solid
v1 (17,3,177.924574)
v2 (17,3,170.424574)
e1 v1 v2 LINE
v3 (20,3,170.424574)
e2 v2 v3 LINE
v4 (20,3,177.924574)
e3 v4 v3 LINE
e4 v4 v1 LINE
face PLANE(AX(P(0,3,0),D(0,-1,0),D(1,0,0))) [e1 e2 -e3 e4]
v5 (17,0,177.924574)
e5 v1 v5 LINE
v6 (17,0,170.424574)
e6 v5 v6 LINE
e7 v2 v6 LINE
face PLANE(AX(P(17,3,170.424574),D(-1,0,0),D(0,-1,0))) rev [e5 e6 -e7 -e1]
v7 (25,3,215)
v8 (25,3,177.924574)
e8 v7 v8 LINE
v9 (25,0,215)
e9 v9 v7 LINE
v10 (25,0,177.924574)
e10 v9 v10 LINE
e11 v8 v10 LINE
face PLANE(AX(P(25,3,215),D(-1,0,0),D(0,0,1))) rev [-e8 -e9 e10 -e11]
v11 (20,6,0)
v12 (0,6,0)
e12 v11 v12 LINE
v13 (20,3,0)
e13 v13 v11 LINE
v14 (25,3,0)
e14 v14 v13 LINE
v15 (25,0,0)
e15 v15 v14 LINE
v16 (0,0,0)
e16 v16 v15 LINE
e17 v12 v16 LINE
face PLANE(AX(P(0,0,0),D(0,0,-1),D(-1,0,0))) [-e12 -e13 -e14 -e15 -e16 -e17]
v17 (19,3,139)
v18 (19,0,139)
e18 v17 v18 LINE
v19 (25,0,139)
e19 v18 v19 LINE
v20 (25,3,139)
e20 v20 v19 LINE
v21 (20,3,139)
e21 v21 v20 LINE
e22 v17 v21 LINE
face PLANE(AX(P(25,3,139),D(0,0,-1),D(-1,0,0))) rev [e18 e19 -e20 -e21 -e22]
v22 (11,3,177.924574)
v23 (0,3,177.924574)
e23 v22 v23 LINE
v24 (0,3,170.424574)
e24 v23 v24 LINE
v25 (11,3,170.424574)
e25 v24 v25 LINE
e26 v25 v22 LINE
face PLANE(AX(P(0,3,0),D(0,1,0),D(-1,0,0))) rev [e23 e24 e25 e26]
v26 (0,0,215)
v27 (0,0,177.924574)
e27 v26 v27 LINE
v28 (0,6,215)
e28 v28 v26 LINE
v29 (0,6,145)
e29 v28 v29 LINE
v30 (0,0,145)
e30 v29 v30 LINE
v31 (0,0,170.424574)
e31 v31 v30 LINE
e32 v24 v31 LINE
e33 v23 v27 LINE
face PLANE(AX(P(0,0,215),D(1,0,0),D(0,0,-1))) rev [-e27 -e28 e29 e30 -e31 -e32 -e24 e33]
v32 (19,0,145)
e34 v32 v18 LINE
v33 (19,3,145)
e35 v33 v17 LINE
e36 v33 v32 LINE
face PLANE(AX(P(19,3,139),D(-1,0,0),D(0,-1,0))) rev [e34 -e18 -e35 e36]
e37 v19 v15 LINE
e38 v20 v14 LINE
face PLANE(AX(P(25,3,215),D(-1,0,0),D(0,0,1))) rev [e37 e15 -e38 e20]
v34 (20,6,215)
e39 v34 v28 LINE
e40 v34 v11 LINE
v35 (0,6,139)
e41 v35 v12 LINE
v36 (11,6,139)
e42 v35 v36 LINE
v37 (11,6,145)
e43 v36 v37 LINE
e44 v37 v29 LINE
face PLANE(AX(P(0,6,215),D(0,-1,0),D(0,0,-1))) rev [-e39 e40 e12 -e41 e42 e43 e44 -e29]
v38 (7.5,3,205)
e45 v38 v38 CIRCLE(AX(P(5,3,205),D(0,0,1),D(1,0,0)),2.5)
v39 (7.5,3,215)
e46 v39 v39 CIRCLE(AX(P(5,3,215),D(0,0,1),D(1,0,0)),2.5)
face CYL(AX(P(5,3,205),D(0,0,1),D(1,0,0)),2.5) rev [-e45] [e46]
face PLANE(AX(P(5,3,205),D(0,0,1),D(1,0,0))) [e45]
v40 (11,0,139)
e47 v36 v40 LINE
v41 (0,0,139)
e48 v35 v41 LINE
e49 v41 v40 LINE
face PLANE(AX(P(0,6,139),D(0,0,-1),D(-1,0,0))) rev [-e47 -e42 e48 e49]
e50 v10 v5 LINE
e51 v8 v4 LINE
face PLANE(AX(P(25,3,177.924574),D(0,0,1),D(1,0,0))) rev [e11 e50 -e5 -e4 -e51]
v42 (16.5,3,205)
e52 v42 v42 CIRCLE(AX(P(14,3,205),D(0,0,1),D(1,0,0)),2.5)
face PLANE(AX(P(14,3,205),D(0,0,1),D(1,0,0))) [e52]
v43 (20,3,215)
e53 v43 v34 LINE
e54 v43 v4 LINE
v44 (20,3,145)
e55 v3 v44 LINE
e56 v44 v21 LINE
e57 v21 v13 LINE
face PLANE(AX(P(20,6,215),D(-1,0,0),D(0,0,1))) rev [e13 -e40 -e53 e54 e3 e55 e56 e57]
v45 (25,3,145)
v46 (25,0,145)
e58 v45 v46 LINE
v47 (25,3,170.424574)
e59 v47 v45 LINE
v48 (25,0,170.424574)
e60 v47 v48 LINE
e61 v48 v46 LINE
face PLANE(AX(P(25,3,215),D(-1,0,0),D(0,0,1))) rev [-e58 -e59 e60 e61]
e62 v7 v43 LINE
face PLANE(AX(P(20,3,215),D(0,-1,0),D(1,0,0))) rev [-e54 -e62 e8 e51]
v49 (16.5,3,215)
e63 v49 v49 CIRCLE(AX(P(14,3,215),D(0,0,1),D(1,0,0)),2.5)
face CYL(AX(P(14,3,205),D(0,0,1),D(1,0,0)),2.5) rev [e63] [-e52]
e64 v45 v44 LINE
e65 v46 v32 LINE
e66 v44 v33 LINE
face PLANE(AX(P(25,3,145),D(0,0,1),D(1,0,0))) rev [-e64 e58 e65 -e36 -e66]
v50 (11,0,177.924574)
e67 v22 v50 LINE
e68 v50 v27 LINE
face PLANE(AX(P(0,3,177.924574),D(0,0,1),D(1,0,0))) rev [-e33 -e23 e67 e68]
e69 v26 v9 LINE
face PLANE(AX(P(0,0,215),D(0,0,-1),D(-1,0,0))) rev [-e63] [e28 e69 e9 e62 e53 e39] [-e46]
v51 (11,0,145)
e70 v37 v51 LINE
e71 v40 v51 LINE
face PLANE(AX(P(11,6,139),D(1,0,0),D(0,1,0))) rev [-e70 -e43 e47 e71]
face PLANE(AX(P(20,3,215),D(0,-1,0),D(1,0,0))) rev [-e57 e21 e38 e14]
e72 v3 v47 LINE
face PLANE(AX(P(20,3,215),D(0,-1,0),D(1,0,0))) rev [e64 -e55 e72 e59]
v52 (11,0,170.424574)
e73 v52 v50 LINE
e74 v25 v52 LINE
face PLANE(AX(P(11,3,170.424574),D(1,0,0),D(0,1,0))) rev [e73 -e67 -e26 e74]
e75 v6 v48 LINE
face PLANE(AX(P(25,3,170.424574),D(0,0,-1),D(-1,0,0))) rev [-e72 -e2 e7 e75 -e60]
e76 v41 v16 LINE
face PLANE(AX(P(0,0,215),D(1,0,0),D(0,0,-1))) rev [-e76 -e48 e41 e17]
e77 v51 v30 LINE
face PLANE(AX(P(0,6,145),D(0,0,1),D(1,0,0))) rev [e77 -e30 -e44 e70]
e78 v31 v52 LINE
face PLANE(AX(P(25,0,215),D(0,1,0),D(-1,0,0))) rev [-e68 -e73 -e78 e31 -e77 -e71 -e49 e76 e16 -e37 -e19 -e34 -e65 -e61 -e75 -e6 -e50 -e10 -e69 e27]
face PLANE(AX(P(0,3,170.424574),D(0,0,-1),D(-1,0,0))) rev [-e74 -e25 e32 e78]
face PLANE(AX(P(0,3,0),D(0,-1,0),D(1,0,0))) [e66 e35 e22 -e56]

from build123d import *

# Parameters (mm, degrees)
BOSS_EXTRU_1_DEPTH         = 215
ESQUISSE3_W                = 8
ESQUISSE3_H                = 7.5
ESQUISSE3_W_2              = 11
ENL_V_MAT_EXTRU_1_DEPTH    = 3
ESQUISSE4_W                = 11
ESQUISSE4_H                = 6
ENL_V_MAT_EXTRU_2_DEPTH    = 217.531752868
ESQUISSE5_W                = 6
ESQUISSE5_H                = 6
ENL_V_MAT_EXTRU_3_DEPTH    = 3
ESQUISSE8_R                = 2.5
ENL_V_MAT_EXTRU_4_DEPTH    = 10
R_P_TITION_LIN_AIRE1_COUNT = 2
R_P_TITION_LIN_AIRE1_PITCH = 9


with BuildPart() as part:
    # Esquisse1 → Boss.-Extru.1 (new body)
    with BuildSketch(Plane.XY):
        Polygon((0, 0), (0, 6), (20, 6), (20, 3), (25, 3), (25, 0), align=None)
    extrude(amount=BOSS_EXTRU_1_DEPTH)

    # Esquisse3 → Enlèv. mat.-Extru.1 (cut)
    with BuildSketch(Plane.XZ):
        with Locations((21, 174.174574215)):
            Rectangle(ESQUISSE3_W, ESQUISSE3_H)
        with Locations((5.5, 174.174574215)):
            Rectangle(ESQUISSE3_W_2, ESQUISSE3_H)
    extrude(amount=-ENL_V_MAT_EXTRU_1_DEPTH, mode=Mode.SUBTRACT)

    # Esquisse4 → Enlèv. mat.-Extru.2 (cut, through all)
    with BuildSketch(Plane.XZ):
        with Locations((5.5, 142)):
            Rectangle(ESQUISSE4_W, ESQUISSE4_H)
    extrude(amount=-ENL_V_MAT_EXTRU_2_DEPTH, mode=Mode.SUBTRACT)

    # Esquisse5 → Enlèv. mat.-Extru.3 (cut)
    with BuildSketch(Plane.XZ):
        with Locations((22, 142)):
            Rectangle(ESQUISSE5_W, ESQUISSE5_H)
    extrude(amount=-ENL_V_MAT_EXTRU_3_DEPTH, mode=Mode.SUBTRACT)

    # Esquisse8 → Enlèv. mat.-Extru.4 (cut)
    with BuildSketch(Plane.XY.offset(215)):
        with Locations((5, 3)):
            Circle(ESQUISSE8_R)
    enl_v_mat_extru_4 = extrude(amount=-ENL_V_MAT_EXTRU_4_DEPTH, mode=Mode.SUBTRACT)

    # Répétition linéaire1: Enlèv. mat.-Extru.4 ×2
    with Locations(*[(i * R_P_TITION_LIN_AIRE1_PITCH, 0, 0) for i in range(1, R_P_TITION_LIN_AIRE1_COUNT)]):
        add(enl_v_mat_extru_4, mode=Mode.SUBTRACT)


solid = part.part
